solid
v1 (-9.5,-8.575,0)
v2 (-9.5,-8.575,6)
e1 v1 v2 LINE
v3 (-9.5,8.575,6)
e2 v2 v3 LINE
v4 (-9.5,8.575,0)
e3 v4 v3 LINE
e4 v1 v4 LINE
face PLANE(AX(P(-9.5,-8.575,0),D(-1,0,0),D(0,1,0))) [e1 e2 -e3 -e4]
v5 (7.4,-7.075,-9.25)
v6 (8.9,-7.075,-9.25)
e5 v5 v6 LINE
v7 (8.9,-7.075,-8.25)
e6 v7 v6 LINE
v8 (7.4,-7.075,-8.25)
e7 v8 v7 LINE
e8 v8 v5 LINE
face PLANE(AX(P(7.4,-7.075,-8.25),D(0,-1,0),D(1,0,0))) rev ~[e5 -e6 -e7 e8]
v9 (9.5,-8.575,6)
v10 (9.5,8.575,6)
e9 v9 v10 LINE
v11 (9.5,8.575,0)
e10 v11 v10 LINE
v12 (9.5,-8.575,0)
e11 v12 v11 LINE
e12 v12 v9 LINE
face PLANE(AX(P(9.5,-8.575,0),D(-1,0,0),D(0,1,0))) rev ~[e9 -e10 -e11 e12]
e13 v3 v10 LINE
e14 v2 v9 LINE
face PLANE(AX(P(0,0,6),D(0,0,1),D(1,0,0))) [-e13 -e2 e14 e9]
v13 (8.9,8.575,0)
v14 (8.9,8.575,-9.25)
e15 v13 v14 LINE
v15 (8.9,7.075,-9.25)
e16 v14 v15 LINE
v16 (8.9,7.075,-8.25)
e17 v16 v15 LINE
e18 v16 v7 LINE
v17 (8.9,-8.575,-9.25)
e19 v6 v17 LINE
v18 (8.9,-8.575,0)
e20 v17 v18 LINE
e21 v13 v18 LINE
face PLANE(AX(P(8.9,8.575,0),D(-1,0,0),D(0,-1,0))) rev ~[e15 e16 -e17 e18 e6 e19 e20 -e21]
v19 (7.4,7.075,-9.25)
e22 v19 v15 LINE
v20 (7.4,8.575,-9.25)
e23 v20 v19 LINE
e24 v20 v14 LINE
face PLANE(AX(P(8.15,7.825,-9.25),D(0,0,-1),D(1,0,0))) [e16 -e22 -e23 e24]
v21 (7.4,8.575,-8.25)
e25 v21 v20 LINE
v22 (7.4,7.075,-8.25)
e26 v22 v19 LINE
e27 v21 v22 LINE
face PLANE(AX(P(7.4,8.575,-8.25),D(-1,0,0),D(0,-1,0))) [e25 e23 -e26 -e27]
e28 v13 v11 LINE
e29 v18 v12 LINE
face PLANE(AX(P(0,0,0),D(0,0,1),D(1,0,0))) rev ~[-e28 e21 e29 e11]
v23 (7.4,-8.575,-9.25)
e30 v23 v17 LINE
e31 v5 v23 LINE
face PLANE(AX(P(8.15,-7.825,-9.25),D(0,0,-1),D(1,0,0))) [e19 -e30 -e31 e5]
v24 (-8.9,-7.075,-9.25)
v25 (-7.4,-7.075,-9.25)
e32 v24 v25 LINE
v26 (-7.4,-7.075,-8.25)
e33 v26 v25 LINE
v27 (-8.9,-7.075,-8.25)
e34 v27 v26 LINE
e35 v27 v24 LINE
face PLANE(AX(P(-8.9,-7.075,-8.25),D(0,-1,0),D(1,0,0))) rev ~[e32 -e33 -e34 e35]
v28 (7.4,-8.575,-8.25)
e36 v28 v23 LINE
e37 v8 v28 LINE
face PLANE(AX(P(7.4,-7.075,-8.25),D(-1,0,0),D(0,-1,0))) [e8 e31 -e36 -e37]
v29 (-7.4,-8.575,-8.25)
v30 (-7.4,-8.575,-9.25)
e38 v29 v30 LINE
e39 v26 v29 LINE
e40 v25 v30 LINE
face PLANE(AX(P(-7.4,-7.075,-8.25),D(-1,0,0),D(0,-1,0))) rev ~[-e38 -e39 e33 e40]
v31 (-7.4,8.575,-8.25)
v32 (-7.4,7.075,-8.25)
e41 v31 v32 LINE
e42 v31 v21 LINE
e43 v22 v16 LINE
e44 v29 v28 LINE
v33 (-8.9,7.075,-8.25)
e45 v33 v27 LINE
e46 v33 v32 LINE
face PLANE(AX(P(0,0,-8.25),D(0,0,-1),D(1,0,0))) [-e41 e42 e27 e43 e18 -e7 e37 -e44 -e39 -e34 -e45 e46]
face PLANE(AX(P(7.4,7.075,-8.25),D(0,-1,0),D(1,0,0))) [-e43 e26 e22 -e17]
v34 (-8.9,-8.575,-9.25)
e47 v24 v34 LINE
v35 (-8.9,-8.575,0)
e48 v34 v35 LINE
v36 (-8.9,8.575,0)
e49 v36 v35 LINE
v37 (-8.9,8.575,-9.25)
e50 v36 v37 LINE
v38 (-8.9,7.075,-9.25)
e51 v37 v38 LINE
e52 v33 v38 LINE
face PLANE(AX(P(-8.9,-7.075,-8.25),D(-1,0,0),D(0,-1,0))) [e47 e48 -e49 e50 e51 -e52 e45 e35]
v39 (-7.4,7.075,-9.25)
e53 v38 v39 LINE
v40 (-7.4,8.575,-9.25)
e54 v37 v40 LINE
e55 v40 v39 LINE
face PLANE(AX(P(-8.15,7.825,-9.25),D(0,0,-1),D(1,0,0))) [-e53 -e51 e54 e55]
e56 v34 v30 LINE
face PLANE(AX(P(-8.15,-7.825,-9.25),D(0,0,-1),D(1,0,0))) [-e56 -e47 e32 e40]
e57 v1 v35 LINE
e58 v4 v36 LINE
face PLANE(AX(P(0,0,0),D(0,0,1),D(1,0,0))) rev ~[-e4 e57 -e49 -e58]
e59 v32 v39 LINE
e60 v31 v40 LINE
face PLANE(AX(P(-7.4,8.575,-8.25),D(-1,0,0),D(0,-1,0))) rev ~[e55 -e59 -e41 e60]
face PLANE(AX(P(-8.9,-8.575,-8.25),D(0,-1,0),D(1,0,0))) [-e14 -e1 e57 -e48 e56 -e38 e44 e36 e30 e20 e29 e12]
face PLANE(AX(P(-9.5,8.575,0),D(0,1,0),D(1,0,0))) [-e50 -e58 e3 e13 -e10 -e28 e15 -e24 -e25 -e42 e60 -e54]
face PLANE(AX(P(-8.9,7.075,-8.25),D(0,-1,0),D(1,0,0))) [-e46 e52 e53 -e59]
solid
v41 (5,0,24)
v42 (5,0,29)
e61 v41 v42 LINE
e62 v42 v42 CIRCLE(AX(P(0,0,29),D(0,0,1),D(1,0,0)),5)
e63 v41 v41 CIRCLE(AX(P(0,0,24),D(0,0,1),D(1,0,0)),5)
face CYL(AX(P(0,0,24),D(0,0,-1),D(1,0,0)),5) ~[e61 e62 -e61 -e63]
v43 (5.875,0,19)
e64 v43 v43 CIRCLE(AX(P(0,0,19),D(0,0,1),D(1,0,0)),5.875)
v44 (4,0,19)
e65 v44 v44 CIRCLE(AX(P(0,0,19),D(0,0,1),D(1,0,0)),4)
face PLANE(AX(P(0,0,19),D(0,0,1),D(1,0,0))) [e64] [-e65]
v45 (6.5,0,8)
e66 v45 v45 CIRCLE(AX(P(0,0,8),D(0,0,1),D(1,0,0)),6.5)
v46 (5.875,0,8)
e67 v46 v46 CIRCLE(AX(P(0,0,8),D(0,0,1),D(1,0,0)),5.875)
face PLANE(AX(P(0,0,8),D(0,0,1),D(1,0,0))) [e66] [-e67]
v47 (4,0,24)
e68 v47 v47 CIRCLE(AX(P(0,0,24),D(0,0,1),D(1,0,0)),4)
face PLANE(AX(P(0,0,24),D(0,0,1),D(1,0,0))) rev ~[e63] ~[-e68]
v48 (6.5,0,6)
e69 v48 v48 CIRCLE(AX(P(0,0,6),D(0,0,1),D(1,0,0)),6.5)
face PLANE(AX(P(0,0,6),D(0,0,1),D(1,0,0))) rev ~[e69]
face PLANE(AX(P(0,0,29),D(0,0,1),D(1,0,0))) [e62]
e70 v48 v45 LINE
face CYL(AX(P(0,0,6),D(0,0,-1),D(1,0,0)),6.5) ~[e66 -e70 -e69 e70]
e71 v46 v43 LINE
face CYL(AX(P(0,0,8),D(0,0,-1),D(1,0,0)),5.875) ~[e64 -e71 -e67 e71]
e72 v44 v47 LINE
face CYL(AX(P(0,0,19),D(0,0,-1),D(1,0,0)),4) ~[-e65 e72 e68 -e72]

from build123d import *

# Parameters (mm, degrees)
F0_W      = 19
F0_H      = 17.15
F1_DEPTH  = 6
F2_W      = 17.8
F2_H      = 17.15
F3_DEPTH  = 8.25
F4_W      = 1.5
F4_H      = 1.5
F5_DEPTH  = 1
F6_R      = 6.5
F7_DEPTH  = 2
F8_R      = 5.875
F9_DEPTH  = 11
F10_R     = 4
F11_DEPTH = 5
F12_R     = 5
F13_DEPTH = 5


with BuildPart() as f1:
    # F0 (on Top) → F1 (new body)
    with BuildSketch(Plane.XY):
        Rectangle(F0_W, F0_H)
    extrude(amount=F1_DEPTH)

    # F2 (on face) → F3 (join)
    with BuildSketch(Plane(origin=(0, 0, 0), x_dir=(1, 0, 0), z_dir=(0, 0, -1))):
        Rectangle(F2_W, F2_H)
    extrude(amount=F3_DEPTH)

    # F4 (on face) → F5 (join)
    with BuildSketch(Plane(origin=(0, 0, -8.25), x_dir=(1, 0, 0), z_dir=(0, 0, -1))):
        with Locations((-8.15, 7.825)):
            Rectangle(F4_W, F4_H)
        with Locations((8.15, 7.825)):
            Rectangle(F4_W, F4_H)
        with Locations((-8.15, -7.825)):
            Rectangle(F4_W, F4_H)
        with Locations((8.15, -7.825)):
            Rectangle(F4_W, F4_H)
    extrude(amount=F5_DEPTH)


with BuildPart() as f7:
    # F6 (on face) → F7 (new body)
    with BuildSketch(Plane.XY.offset(6)):
        Circle(F6_R)
    extrude(amount=F7_DEPTH)

    # F8 (on face) → F9 (join)
    with BuildSketch(Plane.XY.offset(8)):
        Circle(F8_R)
    extrude(amount=F9_DEPTH)

    # F10 (on face) → F11 (join)
    with BuildSketch(Plane.XY.offset(19)):
        Circle(F10_R)
    extrude(amount=F11_DEPTH)

    # F12 (on face) → F13 (join)
    with BuildSketch(Plane.XY.offset(24)):
        Circle(F12_R)
    extrude(amount=F13_DEPTH)


solid = Compound([f1.part, f7.part])
